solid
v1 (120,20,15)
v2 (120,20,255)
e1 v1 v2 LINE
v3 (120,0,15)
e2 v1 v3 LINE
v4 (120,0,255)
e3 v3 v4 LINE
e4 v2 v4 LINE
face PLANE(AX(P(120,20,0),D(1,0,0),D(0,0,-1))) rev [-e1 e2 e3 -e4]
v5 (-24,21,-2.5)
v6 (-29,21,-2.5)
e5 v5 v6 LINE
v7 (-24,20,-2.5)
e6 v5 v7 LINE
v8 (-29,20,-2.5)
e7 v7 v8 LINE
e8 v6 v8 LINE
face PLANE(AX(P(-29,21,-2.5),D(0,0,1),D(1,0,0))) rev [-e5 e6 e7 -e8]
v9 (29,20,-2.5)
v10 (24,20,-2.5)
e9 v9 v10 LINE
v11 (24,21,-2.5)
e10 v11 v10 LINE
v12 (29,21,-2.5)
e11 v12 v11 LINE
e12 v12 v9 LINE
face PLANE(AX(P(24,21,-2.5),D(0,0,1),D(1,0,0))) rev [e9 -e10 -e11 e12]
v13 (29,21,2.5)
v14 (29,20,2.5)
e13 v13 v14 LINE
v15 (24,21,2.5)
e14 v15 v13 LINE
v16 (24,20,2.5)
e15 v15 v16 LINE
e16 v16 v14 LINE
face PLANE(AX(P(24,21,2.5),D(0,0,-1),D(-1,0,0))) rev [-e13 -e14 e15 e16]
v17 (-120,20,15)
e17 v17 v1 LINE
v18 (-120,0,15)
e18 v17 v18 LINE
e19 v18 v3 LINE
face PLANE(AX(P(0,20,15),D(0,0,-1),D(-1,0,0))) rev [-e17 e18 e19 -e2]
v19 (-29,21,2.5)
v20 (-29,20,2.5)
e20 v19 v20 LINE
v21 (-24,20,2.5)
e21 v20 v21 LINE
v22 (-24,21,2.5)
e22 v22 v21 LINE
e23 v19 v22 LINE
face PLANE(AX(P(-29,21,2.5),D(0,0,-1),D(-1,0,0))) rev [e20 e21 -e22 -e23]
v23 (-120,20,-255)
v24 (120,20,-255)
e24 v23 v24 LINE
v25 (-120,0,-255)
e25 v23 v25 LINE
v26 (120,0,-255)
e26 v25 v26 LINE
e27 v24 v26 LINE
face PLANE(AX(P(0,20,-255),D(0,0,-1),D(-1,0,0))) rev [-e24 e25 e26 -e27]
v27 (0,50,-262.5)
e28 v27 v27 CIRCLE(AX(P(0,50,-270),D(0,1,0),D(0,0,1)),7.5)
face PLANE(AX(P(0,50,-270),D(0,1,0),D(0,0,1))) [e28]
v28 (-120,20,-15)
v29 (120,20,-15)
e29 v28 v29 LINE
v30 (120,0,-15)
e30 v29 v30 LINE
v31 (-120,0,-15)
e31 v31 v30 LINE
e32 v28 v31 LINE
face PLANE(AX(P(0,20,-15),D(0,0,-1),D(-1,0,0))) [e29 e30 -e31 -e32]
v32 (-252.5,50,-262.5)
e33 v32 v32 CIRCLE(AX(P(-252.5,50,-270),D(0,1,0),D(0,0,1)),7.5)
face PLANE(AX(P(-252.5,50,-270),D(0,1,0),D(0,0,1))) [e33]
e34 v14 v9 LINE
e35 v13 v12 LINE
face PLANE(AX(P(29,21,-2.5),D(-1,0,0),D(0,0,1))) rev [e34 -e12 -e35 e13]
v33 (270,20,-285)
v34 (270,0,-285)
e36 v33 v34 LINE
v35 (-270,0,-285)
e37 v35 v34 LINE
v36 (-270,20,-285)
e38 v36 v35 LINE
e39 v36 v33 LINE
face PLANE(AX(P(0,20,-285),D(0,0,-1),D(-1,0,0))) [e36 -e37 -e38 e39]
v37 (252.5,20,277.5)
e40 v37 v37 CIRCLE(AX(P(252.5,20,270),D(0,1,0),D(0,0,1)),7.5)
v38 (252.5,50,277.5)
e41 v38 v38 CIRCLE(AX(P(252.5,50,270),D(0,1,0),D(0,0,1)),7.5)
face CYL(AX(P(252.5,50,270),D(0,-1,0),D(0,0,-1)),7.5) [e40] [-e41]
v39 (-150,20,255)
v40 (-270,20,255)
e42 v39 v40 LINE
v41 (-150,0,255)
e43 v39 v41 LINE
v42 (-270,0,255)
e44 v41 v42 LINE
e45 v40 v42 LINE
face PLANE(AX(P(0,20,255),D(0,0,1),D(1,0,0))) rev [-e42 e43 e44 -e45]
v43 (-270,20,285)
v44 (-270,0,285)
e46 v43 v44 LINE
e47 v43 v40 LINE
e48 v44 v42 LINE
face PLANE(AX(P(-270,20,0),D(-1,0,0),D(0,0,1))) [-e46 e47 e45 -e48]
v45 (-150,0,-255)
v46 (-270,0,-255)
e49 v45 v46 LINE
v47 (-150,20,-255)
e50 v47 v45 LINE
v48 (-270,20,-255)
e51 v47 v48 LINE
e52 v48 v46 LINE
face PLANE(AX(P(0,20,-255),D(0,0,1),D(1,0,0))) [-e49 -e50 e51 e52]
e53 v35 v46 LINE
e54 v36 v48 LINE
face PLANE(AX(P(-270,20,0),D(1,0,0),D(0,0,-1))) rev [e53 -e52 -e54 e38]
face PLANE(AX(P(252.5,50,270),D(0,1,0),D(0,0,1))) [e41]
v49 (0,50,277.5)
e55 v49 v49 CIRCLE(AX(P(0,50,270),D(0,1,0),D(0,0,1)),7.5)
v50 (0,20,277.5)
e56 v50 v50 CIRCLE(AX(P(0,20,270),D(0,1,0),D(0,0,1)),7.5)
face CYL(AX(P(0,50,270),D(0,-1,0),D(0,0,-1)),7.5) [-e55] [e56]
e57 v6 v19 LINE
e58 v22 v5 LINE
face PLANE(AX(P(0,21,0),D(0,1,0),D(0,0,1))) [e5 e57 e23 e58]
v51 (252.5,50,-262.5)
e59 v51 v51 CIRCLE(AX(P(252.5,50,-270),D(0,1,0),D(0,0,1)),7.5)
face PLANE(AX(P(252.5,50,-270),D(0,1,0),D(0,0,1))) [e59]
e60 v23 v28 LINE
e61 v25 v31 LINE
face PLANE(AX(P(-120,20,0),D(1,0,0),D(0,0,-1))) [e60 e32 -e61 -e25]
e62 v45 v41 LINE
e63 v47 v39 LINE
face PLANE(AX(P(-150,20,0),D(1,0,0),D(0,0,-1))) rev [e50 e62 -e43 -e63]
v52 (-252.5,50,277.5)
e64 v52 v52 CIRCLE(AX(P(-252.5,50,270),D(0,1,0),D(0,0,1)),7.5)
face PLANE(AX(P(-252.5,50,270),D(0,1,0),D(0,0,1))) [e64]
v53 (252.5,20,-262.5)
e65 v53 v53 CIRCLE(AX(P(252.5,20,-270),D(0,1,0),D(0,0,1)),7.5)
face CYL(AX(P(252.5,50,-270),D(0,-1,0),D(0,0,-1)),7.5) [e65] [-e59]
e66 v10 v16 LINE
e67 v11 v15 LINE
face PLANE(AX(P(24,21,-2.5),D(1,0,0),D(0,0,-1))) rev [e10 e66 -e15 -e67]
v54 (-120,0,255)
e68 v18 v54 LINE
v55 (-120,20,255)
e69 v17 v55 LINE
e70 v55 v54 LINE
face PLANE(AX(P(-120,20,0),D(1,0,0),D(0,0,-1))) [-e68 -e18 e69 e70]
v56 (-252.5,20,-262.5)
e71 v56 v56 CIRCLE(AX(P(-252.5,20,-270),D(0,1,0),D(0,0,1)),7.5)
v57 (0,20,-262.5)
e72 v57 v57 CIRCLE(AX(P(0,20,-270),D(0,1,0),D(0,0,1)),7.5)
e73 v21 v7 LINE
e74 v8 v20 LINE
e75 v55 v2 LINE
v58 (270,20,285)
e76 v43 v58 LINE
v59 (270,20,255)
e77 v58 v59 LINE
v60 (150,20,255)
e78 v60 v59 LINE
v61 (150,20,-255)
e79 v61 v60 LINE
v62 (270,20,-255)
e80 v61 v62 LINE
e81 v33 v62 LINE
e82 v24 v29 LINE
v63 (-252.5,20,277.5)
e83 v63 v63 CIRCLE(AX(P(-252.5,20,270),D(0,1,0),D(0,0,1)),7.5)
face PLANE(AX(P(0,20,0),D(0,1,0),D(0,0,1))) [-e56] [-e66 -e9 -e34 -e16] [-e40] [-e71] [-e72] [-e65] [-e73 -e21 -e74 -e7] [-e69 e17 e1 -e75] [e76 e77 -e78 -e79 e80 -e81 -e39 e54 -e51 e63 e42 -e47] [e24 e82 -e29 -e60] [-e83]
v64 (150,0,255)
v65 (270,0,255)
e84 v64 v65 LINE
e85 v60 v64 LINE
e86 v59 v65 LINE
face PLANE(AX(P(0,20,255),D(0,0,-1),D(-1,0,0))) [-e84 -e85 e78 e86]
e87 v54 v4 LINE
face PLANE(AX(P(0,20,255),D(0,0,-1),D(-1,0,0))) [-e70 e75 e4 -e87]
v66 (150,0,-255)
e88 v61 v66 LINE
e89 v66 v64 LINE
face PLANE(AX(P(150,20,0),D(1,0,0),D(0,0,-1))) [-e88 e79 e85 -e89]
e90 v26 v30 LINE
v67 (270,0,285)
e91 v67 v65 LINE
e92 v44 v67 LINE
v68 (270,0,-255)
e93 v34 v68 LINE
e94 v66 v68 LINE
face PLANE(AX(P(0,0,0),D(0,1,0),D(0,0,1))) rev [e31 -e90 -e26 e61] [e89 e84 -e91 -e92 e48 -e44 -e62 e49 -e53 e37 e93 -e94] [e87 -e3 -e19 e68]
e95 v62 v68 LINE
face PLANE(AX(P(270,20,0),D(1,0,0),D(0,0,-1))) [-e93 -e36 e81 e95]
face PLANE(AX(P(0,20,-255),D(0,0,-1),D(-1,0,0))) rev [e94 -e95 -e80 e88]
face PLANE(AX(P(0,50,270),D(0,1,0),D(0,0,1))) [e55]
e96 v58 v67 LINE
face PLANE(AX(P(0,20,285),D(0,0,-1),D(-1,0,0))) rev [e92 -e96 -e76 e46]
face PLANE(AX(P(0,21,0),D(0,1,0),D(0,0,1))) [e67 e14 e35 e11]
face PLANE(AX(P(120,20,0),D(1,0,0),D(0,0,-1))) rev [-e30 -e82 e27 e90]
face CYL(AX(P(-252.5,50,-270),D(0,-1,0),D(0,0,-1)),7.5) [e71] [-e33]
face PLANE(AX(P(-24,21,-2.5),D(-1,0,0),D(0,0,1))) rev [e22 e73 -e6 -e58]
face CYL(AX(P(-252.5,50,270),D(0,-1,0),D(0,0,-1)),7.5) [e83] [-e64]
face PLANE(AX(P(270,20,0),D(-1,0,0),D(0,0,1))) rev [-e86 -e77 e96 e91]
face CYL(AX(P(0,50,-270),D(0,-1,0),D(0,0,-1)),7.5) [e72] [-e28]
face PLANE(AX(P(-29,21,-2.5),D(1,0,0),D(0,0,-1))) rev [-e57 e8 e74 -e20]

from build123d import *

# Parameters (mm, degrees)
SKETCH1_W           = 240
SKETCH1_H           = 240
BOSS_EXTRUDE1_DEPTH = 20
SKETCH1_3_W         = 120
SKETCH1_3_H         = 30
BOSS_EXTRUDE2_DEPTH = 20
SKETCH2_R           = 7.5
BOSS_EXTRUDE3_DEPTH = 30
SKETCH4_W           = 5
SKETCH4_H           = 5
BOSS_EXTRUDE4_DEPTH = 1


with BuildPart() as part:
    # Sketch1 → Boss-Extrude1 (new body)
    with BuildSketch(Plane(origin=(0, 0, 0), x_dir=(1, 0, 0), z_dir=(0, 1, 0))):
        Polygon((150, 285), (-150, 285), (-150, 255), (-150, -255), (-150, -285), (150, -285), (150, -255), (150, 255), align=None)
        with Locations((0, -135)):
            Rectangle(SKETCH1_W, SKETCH1_H, mode=Mode.SUBTRACT)
        with Locations((0, 135)):
            Rectangle(SKETCH1_W, SKETCH1_H, mode=Mode.SUBTRACT)
    extrude(amount=BOSS_EXTRUDE1_DEPTH)

    # Sketch1<3> → Boss-Extrude2 (add)
    with BuildSketch(Plane(origin=(0, 0, 0), x_dir=(1, 0, 0), z_dir=(0, 1, 0))):
        with Locations((-210, 270)):
            Rectangle(SKETCH1_3_W, SKETCH1_3_H)
        with Locations((210, 270)):
            Rectangle(SKETCH1_3_W, SKETCH1_3_H)
        with Locations((-210, -270)):
            Rectangle(SKETCH1_3_W, SKETCH1_3_H)
        with Locations((210, -270)):
            Rectangle(SKETCH1_3_W, SKETCH1_3_H)
    extrude(amount=BOSS_EXTRUDE2_DEPTH)

    # Sketch2 → Boss-Extrude3 (add)
    with BuildSketch(Plane(origin=(0, 20, 0), x_dir=(1, 0, 0), z_dir=(0, 1, 0))):
        with Locations((0, 270)):
            Circle(SKETCH2_R)
        with Locations((252.5, 270)):
            Circle(SKETCH2_R)
        with Locations((-252.5, 270)):
            Circle(SKETCH2_R)
        with Locations((-252.5, -270)):
            Circle(SKETCH2_R)
        with Locations((252.5, -270)):
            Circle(SKETCH2_R)
        with Locations((0, -270)):
            Circle(SKETCH2_R)
    extrude(amount=BOSS_EXTRUDE3_DEPTH)

    # Sketch4 → Boss-Extrude4 (add)
    with BuildSketch(Plane(origin=(0, 20, 0), x_dir=(1, 0, 0), z_dir=(0, 1, 0))):
        with Locations((-26.5, 0)):
            Rectangle(SKETCH4_W, SKETCH4_H)
        with Locations((26.5, 0)):
            Rectangle(SKETCH4_W, SKETCH4_H)
    extrude(amount=BOSS_EXTRUDE4_DEPTH)


solid = part.part
